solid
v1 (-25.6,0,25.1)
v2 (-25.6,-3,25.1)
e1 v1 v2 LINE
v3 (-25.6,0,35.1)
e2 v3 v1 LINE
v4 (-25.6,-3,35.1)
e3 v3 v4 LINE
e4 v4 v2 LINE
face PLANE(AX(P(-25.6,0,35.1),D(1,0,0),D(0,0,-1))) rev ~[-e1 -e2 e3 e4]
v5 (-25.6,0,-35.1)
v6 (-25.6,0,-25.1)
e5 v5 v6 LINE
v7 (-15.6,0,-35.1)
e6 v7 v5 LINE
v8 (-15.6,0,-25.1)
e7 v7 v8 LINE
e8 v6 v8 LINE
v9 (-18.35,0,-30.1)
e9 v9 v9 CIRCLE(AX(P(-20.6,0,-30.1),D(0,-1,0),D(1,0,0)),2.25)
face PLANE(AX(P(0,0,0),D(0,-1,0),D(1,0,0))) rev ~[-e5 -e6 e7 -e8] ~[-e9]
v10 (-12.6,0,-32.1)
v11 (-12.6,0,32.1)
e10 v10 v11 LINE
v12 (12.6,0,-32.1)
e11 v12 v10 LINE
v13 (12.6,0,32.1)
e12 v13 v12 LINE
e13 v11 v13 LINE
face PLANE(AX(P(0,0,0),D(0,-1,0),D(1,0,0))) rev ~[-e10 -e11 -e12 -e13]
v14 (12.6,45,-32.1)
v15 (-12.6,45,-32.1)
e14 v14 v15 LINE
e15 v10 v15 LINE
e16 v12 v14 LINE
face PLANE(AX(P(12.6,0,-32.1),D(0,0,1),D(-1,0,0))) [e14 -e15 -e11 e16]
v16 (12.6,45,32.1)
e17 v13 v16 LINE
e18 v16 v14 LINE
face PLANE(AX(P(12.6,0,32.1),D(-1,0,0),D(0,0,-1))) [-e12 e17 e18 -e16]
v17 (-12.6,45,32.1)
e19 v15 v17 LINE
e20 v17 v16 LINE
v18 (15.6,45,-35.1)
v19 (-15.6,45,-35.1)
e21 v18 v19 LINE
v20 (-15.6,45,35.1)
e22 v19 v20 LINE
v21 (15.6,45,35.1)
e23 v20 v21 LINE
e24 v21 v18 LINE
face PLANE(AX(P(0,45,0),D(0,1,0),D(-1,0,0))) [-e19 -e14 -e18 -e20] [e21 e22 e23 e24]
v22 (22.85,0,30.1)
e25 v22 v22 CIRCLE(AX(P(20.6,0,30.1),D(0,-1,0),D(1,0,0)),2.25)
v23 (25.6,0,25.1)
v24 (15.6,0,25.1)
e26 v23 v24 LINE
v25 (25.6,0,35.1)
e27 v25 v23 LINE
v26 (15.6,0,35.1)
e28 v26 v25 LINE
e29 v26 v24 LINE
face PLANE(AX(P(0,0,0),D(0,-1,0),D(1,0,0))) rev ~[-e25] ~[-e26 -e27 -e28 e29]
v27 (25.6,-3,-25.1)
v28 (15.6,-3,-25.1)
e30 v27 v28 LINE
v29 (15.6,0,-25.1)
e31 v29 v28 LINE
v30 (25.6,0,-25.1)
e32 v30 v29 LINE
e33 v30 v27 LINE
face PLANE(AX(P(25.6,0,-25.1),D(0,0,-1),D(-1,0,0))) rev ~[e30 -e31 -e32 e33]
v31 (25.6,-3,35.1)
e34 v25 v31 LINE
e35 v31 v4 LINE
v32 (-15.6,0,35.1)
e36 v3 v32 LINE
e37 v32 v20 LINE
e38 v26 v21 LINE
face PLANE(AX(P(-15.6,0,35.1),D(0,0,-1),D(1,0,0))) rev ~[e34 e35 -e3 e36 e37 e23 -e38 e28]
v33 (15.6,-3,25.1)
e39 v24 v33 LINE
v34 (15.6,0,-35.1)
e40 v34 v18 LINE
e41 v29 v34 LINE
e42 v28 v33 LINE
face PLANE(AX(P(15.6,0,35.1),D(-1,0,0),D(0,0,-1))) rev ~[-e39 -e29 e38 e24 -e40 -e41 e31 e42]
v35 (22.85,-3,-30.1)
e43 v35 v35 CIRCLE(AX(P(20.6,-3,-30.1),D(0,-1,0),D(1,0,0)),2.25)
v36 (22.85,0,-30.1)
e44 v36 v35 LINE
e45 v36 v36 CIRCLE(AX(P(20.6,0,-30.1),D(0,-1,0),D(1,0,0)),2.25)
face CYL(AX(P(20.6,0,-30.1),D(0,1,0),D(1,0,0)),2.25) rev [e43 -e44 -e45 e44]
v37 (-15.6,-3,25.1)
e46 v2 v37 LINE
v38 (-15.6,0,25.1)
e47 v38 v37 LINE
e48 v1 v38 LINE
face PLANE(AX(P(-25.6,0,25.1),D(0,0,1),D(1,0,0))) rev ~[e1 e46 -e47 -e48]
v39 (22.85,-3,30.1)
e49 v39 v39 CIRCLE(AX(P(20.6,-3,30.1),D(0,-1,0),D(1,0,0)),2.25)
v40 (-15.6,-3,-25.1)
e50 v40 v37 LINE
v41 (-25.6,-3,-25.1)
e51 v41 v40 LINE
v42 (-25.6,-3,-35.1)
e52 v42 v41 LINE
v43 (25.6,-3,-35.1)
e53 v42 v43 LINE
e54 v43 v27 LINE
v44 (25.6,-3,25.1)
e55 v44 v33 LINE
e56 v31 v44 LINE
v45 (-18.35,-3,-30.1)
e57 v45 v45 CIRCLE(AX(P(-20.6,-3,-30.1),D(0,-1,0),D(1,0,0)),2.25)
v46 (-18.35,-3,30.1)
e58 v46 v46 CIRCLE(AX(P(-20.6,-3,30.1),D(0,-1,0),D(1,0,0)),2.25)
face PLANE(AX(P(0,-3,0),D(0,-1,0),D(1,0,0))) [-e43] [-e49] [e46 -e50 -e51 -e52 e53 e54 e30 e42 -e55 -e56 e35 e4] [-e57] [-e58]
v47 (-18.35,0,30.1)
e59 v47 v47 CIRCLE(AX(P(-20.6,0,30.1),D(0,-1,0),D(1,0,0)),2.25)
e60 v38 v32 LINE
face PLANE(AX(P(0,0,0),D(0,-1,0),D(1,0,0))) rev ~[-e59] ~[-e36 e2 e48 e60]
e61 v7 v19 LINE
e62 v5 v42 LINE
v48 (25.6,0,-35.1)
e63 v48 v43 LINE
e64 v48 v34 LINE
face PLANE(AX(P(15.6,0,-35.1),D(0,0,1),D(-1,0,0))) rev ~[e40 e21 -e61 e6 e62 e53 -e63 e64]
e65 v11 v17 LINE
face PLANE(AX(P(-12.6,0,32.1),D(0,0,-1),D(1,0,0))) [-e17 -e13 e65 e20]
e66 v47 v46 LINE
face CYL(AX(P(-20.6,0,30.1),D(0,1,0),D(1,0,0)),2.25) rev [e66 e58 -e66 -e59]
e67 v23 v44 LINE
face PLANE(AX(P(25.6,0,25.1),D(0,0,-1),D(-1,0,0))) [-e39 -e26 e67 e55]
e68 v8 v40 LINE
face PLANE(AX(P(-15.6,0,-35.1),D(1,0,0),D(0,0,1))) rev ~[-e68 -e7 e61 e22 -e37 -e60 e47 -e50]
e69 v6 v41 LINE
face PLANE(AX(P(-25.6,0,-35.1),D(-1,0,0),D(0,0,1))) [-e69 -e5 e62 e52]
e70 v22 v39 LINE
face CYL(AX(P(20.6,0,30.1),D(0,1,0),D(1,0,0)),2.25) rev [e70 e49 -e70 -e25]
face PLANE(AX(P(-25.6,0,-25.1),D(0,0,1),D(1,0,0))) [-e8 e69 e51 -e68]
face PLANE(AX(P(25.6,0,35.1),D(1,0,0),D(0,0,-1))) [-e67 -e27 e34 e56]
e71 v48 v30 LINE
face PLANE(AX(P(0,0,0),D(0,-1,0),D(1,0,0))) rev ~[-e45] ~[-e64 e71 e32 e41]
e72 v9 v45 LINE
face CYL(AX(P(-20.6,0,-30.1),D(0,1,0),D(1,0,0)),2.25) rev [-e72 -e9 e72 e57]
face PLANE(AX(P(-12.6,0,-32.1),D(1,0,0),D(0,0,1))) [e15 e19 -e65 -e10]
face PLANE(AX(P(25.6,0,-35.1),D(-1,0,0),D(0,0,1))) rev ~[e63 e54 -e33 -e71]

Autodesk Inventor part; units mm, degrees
ref_plane "YZ Plane" through (0, 0, 0) normal (1, 0, 0) x (0, 1, 0)
ref_plane "XZ Plane" through (0, 0, 0) normal (0, 1, 0) x (-1, 0, 0)
ref_plane "XY Plane" through (0, 0, 0) normal (0, 0, 1) x (1, 0, 0)
sketch "Sketch1" plane through (0, 0, 0) normal (0, 1, 0) x (-1, 0, 0)
  line L0 (12.6, 32.1) -> (-12.6, 32.1)
  line L1 (-12.6, 32.1) -> (-12.6, -32.1)
  line L2 (-12.6, -32.1) -> (12.6, -32.1)
  line L3 (12.6, -32.1) -> (12.6, 32.1)
  line L4 (12.6, 32.1) -> (-12.6, -32.1) construction
  line L5 (-12.6, 32.1) -> (12.6, -32.1) construction
  line L6 (15.6, 35.1) -> (-15.6, 35.1)
  line L7 (-15.6, 35.1) -> (-15.6, -35.1)
  line L8 (-15.6, -35.1) -> (15.6, -35.1)
  line L9 (15.6, -35.1) -> (15.6, 35.1)
  point P0 (0, 0)
  dimension "d0" = 25.2
  dimension "d1" = 64.2
  dimension "d2" = 3
extrude "Extrusion1" add sketch "Sketch1" along normal blind 45
sketch "Sketch2" plane through (0, 0, 0) normal (0, -1, 0) x (1, 0, 0)
  circle A0 centre (20.6, 30.1) radius 2.25
  line L0 (-15.6, 35.1) -> (15.6, 35.1) projected
  line L1 (15.6, 35.1) -> (25.6, 35.1)
  line L2 (25.6, 35.1) -> (25.6, 25.1)
  line L3 (25.6, 25.1) -> (15.6, 25.1)
  line L4 (15.6, 25.1) -> (15.6, 35.1)
  line L5 (15.6, 35.1) -> (15.6, -35.1) projected
  line L6 (15.6, 0) -> (48.6737, 0)
  line L7 (15.6, -35.1) -> (-15.6, -35.1) projected
  line L8 (0, -35.1) -> (0, -68.9051)
  circle A1 centre (20.6, -30.1) radius 2.25
  line L9 (15.6, -35.1) -> (25.6, -35.1)
  line L10 (25.6, -35.1) -> (25.6, -25.1)
  line L11 (25.6, -25.1) -> (15.6, -25.1)
  line L12 (15.6, -25.1) -> (15.6, -35.1)
  circle A2 centre (-20.6, 30.1) radius 2.25
  line L13 (-15.6, 35.1) -> (-25.6, 35.1)
  line L14 (-25.6, 35.1) -> (-25.6, 25.1)
  line L15 (-25.6, 25.1) -> (-15.6, 25.1)
  line L16 (-15.6, 25.1) -> (-15.6, 35.1)
  circle A3 centre (-20.6, -30.1) radius 2.25
  line L17 (-15.6, -35.1) -> (-25.6, -35.1)
  line L18 (-25.6, -35.1) -> (-25.6, -25.1)
  line L19 (-25.6, -25.1) -> (-15.6, -25.1)
  line L20 (-15.6, -25.1) -> (-15.6, -35.1)
  line L21 (-15.6, 35.1) -> (15.6, 35.1)
  line L22 (15.6, 35.1) -> (15.6, -35.1)
  line L23 (15.6, -35.1) -> (-15.6, -35.1)
  line L24 (-15.6, -35.1) -> (-15.6, 35.1)
  point P0 (0, 0)
  point P1 (15.6, 30.1)
  point P2 (15.6, -30.1)
  point P3 (-15.6, 30.1)
  point P4 (-15.6, -30.1)
  dimension "d5" = 4.5
  dimension "d6" = 10
  dimension "d7" = 10
  dimension "d8" = 5
  dimension "d9" = 5
extrude "Extrusion2" add sketch "Sketch2" along normal blind 3
properties part number "rasp_battery_fastening"
